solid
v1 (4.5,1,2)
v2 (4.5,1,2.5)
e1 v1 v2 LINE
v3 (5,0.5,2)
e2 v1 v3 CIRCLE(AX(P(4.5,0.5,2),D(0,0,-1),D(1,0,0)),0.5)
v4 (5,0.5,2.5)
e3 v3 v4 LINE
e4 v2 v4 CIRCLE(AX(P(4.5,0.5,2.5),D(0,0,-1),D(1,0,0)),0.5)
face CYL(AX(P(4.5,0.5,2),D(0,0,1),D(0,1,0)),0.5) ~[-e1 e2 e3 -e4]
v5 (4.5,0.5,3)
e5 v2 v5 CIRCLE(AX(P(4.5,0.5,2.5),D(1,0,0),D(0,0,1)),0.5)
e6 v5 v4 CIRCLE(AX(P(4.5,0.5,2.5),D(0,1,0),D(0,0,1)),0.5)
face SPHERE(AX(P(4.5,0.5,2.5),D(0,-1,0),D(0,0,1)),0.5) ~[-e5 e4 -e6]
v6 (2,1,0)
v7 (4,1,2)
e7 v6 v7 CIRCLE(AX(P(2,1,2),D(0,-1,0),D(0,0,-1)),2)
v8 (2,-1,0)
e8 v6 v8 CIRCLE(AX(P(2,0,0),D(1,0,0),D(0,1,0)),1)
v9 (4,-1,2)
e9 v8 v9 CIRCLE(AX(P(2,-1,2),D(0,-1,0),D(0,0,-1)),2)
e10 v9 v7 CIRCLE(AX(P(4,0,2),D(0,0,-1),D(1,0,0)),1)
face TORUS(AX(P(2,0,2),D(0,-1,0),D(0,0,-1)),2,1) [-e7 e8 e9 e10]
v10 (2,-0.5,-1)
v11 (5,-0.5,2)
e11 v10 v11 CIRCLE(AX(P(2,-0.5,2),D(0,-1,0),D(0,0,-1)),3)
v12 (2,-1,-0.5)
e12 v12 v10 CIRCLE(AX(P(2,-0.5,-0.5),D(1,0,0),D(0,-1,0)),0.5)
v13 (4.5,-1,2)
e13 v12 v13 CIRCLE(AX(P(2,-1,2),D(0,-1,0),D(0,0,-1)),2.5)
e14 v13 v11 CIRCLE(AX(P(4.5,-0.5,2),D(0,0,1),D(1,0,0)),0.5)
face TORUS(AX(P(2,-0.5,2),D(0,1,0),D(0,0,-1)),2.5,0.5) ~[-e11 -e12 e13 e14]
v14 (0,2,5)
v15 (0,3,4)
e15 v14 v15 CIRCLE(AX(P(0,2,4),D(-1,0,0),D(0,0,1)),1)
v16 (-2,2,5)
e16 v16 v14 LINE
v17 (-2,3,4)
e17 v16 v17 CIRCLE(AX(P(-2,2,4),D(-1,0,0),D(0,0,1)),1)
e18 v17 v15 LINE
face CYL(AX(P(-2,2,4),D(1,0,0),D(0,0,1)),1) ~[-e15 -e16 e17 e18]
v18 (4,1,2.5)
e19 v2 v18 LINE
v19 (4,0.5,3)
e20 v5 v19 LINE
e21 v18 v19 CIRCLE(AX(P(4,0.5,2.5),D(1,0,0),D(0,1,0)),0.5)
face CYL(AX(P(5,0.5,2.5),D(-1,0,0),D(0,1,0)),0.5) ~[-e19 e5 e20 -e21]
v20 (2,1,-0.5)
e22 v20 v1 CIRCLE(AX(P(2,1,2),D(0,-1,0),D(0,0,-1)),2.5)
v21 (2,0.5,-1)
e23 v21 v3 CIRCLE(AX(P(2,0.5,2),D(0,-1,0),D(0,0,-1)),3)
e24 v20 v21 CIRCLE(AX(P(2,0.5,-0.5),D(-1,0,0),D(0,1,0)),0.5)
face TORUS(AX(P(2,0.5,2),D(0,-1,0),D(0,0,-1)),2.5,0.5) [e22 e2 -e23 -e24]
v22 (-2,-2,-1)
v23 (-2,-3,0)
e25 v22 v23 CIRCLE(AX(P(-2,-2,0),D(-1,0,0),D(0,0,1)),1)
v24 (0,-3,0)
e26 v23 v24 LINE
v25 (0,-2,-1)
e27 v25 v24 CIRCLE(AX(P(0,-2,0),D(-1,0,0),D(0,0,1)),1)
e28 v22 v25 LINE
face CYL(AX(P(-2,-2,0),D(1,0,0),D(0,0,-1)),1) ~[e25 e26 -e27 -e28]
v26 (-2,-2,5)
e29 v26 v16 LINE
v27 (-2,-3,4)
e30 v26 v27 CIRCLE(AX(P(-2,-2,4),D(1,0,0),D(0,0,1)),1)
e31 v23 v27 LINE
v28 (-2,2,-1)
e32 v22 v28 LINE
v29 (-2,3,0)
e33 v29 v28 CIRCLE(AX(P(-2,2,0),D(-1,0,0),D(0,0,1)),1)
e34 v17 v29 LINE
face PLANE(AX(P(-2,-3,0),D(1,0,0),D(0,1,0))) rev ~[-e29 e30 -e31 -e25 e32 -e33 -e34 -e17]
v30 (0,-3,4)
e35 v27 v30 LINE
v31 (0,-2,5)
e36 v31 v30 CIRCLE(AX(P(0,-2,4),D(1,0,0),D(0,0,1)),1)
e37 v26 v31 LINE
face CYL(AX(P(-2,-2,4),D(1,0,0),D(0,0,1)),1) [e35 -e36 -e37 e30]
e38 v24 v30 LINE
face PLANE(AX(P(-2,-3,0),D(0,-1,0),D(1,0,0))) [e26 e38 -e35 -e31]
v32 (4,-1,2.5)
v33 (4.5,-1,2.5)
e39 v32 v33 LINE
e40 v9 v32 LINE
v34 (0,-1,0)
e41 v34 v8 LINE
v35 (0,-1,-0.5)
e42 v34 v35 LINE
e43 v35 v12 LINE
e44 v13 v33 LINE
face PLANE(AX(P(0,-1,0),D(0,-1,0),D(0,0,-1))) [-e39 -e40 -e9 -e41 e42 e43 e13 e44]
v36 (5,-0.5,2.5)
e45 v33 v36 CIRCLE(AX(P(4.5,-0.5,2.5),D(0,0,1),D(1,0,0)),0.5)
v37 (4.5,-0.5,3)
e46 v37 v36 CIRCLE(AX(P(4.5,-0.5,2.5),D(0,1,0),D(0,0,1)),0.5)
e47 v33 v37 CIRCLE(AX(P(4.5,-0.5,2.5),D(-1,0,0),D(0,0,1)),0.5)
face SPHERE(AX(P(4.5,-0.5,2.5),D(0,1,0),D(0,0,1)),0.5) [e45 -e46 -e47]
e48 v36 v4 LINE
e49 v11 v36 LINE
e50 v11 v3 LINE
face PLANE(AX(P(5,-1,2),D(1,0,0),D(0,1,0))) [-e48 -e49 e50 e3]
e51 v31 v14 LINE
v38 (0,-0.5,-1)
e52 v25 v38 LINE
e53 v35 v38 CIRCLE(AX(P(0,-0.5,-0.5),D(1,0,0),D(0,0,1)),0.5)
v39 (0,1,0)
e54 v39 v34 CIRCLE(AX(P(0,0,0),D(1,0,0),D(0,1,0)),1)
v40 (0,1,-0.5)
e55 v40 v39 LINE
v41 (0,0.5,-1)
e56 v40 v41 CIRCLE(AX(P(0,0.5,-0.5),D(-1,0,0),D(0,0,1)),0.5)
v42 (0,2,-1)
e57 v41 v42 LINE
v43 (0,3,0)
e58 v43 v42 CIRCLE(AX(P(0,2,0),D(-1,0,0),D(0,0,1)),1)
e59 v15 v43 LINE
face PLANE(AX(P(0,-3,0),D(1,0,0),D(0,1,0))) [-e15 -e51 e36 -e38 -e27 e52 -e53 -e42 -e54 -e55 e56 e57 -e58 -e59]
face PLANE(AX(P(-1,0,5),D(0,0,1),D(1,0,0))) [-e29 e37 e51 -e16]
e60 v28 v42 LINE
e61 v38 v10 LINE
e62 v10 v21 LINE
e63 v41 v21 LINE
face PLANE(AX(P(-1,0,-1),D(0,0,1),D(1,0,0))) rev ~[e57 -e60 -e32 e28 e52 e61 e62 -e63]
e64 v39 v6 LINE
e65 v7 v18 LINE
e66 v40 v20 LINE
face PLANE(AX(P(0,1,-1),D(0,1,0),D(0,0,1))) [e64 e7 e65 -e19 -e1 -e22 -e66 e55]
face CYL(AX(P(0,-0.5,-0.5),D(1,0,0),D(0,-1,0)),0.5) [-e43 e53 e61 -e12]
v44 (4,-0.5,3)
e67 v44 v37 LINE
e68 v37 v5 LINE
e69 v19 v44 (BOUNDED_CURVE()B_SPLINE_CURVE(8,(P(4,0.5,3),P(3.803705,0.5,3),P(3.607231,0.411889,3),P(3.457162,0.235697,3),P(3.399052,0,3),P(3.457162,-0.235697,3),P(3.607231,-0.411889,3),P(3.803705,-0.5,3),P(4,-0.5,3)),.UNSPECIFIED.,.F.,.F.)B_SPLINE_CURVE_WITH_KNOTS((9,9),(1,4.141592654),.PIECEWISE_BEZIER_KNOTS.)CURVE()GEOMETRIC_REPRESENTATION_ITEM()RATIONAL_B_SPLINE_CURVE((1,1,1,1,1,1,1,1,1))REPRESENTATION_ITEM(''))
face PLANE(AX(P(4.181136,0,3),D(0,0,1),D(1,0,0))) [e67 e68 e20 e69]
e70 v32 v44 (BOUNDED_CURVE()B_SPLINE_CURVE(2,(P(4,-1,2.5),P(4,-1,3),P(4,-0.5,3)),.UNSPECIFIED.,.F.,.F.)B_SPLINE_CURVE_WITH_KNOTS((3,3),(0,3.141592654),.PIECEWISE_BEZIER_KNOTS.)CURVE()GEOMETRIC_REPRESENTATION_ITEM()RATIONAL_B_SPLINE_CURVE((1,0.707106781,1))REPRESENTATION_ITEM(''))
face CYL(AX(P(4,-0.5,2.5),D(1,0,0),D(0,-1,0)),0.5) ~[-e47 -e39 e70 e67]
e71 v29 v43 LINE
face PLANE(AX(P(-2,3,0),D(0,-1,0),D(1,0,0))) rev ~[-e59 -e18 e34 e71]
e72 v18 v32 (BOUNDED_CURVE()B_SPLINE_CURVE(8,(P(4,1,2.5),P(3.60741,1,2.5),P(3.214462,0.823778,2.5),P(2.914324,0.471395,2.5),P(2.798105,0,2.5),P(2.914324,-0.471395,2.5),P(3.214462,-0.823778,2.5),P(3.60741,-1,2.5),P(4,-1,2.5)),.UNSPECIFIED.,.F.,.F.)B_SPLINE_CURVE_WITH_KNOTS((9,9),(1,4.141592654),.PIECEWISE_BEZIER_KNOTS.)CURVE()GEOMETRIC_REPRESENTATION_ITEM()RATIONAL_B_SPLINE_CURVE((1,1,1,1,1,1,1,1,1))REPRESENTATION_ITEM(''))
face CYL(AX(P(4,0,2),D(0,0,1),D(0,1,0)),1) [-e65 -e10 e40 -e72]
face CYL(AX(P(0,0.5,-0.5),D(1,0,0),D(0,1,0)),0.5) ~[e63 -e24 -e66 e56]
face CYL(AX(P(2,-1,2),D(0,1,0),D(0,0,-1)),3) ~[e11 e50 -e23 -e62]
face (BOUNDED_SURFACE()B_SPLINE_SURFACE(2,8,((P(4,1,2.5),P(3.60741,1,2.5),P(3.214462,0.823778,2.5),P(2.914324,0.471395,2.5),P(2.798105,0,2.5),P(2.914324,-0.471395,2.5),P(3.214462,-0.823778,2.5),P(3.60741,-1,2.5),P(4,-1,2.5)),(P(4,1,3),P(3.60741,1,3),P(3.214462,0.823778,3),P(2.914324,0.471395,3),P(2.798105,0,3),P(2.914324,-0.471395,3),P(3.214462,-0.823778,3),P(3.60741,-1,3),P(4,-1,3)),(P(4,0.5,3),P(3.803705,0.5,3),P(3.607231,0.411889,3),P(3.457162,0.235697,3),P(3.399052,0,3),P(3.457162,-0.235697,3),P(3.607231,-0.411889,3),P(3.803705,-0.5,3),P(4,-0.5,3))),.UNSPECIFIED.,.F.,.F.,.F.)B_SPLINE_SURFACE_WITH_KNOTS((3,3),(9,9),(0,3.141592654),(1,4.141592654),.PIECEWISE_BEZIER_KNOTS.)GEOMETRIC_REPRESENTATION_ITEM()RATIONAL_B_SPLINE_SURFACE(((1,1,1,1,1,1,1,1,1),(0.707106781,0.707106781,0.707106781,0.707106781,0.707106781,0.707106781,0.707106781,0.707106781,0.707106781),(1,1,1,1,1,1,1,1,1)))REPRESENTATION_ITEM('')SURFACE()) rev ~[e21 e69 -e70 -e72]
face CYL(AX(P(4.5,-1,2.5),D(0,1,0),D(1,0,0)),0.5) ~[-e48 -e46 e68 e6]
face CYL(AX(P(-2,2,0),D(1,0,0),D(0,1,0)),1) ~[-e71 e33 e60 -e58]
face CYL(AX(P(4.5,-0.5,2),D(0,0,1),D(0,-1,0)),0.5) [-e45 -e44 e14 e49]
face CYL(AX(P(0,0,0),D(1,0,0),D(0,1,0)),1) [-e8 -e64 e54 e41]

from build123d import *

# Parameters (mm, degrees)
F3_R          = 0.5
F4_W          = 2
F4_H          = 6
F5_DEPTH      = 5
F5_DEPTH_BACK = 1
F6_R          = 1


with BuildPart() as f2:
    # F2: sweep along a path in F0
    with BuildLine(Plane.XZ) as f2_path:
        Line((0, 0), (2, 0))
        ThreePointArc((2, 0), (3.4142135624, 0.5857864376), (4, 2))
        Line((4, 2), (4, 3))
    # F1 (on Right) → F2 (sweep)
    with BuildSketch(Plane.YZ):
        with BuildLine():
            Line((1, -1), (1, 0))
            ThreePointArc((1, 0), (0, 1), (-1, 0))
            Line((-1, 0), (-1, -1))
            Line((-1, -1), (1, -1))
        make_face()
    sweep(path=f2_path.line)

    # F3
    f3_edges = [f2.edges().sort_by_distance(p)[0] for p in [
        (5, 0, 3),
        (3, 0, 3),
        (4.12132, -1, -0.12132),
        (4.12132, 1, -0.12132),
    ]]
    fillet(f3_edges, radius=F3_R)

    # F4 (on Top) → F5 (join, two sides)
    with BuildSketch(Plane.XY) as f5_sk:
        with Locations((-1, 0)):
            Rectangle(F4_W, F4_H)
    extrude(amount=F5_DEPTH)
    extrude(f5_sk.sketch, amount=-F5_DEPTH_BACK)

    # F6
    f6_edges = [f2.edges().sort_by_distance(p)[0] for p in [
        (-1, -3, -1),
        (-1, -3, 5),
        (-1, 3, 5),
        (-1, 3, -1),
    ]]
    fillet(f6_edges, radius=F6_R)


solid = f2.part
